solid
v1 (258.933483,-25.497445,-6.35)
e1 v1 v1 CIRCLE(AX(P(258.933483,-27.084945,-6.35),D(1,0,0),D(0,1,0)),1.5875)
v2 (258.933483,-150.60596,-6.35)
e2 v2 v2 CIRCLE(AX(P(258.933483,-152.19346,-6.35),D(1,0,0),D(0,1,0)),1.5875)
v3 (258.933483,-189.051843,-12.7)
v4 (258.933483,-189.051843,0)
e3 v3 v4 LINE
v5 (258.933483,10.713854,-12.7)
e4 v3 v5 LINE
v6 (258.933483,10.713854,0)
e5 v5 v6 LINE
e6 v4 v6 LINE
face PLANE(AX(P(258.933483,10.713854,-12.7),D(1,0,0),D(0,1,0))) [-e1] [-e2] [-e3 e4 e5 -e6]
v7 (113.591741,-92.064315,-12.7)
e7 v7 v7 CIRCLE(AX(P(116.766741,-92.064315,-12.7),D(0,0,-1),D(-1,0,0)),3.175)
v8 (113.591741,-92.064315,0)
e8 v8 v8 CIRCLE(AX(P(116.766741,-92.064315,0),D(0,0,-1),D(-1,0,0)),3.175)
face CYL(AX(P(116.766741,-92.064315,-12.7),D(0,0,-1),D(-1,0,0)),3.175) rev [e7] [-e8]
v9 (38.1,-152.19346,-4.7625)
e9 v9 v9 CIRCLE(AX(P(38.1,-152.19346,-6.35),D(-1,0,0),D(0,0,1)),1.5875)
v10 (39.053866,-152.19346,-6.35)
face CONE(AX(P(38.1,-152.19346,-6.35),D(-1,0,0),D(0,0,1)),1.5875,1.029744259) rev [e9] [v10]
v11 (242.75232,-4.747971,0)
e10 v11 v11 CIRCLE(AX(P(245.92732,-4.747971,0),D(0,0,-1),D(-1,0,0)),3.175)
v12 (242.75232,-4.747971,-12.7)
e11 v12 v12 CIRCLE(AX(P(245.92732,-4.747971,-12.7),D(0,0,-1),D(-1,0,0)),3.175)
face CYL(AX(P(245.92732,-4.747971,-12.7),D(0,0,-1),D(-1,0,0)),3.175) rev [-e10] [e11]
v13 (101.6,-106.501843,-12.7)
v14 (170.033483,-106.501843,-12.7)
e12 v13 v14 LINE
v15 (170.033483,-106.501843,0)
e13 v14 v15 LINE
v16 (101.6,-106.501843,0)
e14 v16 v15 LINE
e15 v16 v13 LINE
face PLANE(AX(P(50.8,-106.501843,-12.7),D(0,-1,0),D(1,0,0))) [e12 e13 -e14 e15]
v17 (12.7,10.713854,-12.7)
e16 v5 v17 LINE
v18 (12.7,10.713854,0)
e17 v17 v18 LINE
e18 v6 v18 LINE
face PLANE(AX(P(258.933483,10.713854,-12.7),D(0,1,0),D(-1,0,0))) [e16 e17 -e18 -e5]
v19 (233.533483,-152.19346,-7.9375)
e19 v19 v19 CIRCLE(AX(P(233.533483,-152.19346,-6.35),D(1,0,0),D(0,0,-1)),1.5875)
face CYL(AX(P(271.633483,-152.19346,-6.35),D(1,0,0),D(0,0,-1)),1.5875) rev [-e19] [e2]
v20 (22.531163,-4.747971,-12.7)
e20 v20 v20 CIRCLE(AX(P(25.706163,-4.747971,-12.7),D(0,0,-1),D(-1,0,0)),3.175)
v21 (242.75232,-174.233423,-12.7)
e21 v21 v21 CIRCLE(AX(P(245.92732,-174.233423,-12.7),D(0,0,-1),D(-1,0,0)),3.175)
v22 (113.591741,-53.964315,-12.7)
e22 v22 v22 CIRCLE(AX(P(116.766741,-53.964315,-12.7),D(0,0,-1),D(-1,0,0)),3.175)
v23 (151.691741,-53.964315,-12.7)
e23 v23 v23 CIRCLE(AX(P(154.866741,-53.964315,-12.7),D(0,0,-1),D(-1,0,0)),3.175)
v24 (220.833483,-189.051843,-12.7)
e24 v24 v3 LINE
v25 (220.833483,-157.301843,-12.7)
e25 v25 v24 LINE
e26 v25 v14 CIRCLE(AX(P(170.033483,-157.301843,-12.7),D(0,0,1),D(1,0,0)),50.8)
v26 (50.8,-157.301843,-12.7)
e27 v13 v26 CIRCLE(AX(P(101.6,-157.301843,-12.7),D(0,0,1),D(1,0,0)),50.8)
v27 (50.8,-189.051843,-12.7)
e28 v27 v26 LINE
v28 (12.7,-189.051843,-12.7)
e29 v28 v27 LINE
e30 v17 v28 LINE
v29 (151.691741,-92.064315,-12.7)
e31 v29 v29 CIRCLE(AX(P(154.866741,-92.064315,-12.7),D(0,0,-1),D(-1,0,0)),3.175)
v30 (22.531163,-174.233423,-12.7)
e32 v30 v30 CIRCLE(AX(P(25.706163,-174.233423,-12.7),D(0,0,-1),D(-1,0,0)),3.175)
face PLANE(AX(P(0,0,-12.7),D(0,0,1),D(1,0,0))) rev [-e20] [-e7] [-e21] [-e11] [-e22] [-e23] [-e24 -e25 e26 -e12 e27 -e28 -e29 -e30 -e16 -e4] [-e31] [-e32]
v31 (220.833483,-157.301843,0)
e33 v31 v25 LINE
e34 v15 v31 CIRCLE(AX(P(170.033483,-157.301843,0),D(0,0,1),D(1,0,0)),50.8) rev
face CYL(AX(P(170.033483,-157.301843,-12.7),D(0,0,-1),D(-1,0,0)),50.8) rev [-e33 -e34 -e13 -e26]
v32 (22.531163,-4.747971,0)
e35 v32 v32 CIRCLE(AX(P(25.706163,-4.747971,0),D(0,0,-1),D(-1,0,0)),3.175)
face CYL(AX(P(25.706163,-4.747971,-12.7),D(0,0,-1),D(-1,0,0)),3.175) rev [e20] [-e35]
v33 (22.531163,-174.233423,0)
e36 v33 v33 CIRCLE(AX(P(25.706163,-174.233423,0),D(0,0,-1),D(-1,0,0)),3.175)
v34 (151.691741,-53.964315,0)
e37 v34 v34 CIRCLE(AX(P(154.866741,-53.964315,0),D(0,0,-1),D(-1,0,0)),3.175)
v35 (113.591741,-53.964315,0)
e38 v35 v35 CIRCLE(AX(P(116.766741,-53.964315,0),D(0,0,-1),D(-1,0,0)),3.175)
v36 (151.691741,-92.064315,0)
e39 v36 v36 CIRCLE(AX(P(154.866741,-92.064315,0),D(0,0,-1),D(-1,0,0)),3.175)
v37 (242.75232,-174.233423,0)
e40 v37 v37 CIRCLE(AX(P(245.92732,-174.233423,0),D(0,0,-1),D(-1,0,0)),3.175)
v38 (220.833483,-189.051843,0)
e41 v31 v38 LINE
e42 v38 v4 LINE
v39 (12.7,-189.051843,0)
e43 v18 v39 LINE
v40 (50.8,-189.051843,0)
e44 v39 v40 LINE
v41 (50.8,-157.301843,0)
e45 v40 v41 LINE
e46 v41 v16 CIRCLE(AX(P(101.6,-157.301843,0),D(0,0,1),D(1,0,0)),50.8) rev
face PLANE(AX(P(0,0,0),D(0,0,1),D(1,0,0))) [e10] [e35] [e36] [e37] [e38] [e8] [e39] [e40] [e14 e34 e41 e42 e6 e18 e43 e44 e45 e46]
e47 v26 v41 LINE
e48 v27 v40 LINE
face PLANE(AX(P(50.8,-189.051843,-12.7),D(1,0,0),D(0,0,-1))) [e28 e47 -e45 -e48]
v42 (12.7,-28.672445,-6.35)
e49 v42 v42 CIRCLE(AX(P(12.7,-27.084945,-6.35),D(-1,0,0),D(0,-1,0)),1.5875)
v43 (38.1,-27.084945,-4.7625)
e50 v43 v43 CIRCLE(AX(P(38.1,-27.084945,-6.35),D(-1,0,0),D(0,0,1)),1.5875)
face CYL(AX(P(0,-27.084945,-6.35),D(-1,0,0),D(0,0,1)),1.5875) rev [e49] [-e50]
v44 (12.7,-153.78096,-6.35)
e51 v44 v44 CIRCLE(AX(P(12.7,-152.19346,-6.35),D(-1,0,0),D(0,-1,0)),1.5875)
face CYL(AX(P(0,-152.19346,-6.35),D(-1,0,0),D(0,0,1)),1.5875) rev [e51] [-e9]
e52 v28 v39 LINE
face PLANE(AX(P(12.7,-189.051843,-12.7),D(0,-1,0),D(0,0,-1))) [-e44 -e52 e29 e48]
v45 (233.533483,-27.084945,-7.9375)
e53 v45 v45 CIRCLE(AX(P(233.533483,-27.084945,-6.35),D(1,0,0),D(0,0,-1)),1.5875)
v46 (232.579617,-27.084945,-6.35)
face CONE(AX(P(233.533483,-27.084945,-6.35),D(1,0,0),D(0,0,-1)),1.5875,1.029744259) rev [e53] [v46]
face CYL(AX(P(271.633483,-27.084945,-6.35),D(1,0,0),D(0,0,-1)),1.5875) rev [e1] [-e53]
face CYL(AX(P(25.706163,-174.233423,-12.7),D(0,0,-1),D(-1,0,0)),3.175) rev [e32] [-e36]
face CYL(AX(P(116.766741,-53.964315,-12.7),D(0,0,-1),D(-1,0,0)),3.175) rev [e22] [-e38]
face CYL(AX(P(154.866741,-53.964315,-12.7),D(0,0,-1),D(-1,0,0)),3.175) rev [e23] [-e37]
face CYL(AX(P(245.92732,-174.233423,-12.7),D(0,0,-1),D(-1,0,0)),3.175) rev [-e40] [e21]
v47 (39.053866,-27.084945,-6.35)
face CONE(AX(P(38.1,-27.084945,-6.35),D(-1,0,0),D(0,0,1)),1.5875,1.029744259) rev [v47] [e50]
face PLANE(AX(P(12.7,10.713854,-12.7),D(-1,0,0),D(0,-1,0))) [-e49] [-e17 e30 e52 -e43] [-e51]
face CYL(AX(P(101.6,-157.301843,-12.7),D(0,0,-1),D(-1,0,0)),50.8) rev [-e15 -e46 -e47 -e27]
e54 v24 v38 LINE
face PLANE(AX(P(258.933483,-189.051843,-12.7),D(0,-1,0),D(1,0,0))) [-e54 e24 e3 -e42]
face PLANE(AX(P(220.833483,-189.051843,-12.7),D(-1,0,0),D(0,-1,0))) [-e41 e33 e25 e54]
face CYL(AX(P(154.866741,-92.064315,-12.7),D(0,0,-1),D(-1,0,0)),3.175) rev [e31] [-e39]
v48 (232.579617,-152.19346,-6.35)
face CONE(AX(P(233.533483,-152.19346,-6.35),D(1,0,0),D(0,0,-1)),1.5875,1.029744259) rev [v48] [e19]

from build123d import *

# Parameters (mm, degrees)
BOSS_EXTRUDE1_DEPTH         = 12.7
F_1_4_0_25_DIAMETER_HOLE1_D = 6.35
FILLET2_R                   = 50.8
HOLE1_AT_2_COUNT            = 2
HOLE1_AT_2_PITCH            = 125.108514383


with BuildPart() as part:
    # Sketch1 → Boss-Extrude1 (new body)
    with BuildSketch(Plane.XY):
        Polygon((258.933482757, 10.713854335), (12.7, 10.713854335), (12.7, -189.051843155), (50.8, -189.051843155), (50.8, -106.501843155), (220.833482757, -106.501843155), (220.833482757, -189.051843155), (258.933482757, -189.051843155), align=None)
    extrude(amount=-BOSS_EXTRUDE1_DEPTH)

    # 1/4 (0.25) Diameter Hole1 (through all)
    with Locations(Plane(origin=(0, 0, -12.7), x_dir=(-1, 0, 0), z_dir=(0, 0, -1))):
        with Locations((-25.706162889, -174.233423282), (-116.766741379, -92.064314729), (-154.866741379, -92.064314729), (-245.927319868, -174.233423282), (-154.866741379, -53.964314729), (-245.927319868, -4.747970506), (-116.766741379, -53.964314729), (-25.706162889, -4.747970506)):
            Hole(F_1_4_0_25_DIAMETER_HOLE1_D / 2)

    # Fillet2
    fillet2_edges = [part.edges().sort_by_distance(p)[0] for p in [
        (220.833482757, -106.501843155, -6.35),
        (50.8, -106.501843155, -6.35),
    ]]
    fillet(fillet2_edges, radius=FILLET2_R)

    # Sketch7 → Hole1 (revolve, cut)
    with BuildSketch(Plane(origin=(0, -152.193459623, -6.35), x_dir=(0, 0, 1), z_dir=(0, 1, 0))):
        Polygon((0, 0), (0, 39.053866233), (1.5875, 38.1), (1.5875, 4.017661662), (5.08, 0), align=None)
    hole1 = revolve(axis=Axis((-14.308894879, -152.193459623, -6.35), (1, 0, 0)), mode=Mode.SUBTRACT)

    # Hole1 at 2: Hole1 ×2
    with Locations(*[(0, i * HOLE1_AT_2_PITCH, 0) for i in range(1, HOLE1_AT_2_COUNT)]):
        add(hole1, mode=Mode.SUBTRACT)

    # Mirror1: Hole1 across plane
    add(hole1.mirror(Plane.ZY.offset(-135.816741379)), mode=Mode.SUBTRACT)

    # Mirror1 copy 1 sketch → Mirror1 copy 1 (revolve, cut)
    with BuildSketch(Plane(origin=(271.633482757, -27.08494524, -6.35), x_dir=(0, 0, 1), z_dir=(0, 1, 0))):
        Polygon((0, 0), (0, -39.053866233), (1.5875, -38.1), (1.5875, -4.017661662), (5.08, 0), align=None)
    revolve(axis=Axis((285.942377636, -27.08494524, -6.35), (1, 0, 0)), mode=Mode.SUBTRACT)


solid = part.part
